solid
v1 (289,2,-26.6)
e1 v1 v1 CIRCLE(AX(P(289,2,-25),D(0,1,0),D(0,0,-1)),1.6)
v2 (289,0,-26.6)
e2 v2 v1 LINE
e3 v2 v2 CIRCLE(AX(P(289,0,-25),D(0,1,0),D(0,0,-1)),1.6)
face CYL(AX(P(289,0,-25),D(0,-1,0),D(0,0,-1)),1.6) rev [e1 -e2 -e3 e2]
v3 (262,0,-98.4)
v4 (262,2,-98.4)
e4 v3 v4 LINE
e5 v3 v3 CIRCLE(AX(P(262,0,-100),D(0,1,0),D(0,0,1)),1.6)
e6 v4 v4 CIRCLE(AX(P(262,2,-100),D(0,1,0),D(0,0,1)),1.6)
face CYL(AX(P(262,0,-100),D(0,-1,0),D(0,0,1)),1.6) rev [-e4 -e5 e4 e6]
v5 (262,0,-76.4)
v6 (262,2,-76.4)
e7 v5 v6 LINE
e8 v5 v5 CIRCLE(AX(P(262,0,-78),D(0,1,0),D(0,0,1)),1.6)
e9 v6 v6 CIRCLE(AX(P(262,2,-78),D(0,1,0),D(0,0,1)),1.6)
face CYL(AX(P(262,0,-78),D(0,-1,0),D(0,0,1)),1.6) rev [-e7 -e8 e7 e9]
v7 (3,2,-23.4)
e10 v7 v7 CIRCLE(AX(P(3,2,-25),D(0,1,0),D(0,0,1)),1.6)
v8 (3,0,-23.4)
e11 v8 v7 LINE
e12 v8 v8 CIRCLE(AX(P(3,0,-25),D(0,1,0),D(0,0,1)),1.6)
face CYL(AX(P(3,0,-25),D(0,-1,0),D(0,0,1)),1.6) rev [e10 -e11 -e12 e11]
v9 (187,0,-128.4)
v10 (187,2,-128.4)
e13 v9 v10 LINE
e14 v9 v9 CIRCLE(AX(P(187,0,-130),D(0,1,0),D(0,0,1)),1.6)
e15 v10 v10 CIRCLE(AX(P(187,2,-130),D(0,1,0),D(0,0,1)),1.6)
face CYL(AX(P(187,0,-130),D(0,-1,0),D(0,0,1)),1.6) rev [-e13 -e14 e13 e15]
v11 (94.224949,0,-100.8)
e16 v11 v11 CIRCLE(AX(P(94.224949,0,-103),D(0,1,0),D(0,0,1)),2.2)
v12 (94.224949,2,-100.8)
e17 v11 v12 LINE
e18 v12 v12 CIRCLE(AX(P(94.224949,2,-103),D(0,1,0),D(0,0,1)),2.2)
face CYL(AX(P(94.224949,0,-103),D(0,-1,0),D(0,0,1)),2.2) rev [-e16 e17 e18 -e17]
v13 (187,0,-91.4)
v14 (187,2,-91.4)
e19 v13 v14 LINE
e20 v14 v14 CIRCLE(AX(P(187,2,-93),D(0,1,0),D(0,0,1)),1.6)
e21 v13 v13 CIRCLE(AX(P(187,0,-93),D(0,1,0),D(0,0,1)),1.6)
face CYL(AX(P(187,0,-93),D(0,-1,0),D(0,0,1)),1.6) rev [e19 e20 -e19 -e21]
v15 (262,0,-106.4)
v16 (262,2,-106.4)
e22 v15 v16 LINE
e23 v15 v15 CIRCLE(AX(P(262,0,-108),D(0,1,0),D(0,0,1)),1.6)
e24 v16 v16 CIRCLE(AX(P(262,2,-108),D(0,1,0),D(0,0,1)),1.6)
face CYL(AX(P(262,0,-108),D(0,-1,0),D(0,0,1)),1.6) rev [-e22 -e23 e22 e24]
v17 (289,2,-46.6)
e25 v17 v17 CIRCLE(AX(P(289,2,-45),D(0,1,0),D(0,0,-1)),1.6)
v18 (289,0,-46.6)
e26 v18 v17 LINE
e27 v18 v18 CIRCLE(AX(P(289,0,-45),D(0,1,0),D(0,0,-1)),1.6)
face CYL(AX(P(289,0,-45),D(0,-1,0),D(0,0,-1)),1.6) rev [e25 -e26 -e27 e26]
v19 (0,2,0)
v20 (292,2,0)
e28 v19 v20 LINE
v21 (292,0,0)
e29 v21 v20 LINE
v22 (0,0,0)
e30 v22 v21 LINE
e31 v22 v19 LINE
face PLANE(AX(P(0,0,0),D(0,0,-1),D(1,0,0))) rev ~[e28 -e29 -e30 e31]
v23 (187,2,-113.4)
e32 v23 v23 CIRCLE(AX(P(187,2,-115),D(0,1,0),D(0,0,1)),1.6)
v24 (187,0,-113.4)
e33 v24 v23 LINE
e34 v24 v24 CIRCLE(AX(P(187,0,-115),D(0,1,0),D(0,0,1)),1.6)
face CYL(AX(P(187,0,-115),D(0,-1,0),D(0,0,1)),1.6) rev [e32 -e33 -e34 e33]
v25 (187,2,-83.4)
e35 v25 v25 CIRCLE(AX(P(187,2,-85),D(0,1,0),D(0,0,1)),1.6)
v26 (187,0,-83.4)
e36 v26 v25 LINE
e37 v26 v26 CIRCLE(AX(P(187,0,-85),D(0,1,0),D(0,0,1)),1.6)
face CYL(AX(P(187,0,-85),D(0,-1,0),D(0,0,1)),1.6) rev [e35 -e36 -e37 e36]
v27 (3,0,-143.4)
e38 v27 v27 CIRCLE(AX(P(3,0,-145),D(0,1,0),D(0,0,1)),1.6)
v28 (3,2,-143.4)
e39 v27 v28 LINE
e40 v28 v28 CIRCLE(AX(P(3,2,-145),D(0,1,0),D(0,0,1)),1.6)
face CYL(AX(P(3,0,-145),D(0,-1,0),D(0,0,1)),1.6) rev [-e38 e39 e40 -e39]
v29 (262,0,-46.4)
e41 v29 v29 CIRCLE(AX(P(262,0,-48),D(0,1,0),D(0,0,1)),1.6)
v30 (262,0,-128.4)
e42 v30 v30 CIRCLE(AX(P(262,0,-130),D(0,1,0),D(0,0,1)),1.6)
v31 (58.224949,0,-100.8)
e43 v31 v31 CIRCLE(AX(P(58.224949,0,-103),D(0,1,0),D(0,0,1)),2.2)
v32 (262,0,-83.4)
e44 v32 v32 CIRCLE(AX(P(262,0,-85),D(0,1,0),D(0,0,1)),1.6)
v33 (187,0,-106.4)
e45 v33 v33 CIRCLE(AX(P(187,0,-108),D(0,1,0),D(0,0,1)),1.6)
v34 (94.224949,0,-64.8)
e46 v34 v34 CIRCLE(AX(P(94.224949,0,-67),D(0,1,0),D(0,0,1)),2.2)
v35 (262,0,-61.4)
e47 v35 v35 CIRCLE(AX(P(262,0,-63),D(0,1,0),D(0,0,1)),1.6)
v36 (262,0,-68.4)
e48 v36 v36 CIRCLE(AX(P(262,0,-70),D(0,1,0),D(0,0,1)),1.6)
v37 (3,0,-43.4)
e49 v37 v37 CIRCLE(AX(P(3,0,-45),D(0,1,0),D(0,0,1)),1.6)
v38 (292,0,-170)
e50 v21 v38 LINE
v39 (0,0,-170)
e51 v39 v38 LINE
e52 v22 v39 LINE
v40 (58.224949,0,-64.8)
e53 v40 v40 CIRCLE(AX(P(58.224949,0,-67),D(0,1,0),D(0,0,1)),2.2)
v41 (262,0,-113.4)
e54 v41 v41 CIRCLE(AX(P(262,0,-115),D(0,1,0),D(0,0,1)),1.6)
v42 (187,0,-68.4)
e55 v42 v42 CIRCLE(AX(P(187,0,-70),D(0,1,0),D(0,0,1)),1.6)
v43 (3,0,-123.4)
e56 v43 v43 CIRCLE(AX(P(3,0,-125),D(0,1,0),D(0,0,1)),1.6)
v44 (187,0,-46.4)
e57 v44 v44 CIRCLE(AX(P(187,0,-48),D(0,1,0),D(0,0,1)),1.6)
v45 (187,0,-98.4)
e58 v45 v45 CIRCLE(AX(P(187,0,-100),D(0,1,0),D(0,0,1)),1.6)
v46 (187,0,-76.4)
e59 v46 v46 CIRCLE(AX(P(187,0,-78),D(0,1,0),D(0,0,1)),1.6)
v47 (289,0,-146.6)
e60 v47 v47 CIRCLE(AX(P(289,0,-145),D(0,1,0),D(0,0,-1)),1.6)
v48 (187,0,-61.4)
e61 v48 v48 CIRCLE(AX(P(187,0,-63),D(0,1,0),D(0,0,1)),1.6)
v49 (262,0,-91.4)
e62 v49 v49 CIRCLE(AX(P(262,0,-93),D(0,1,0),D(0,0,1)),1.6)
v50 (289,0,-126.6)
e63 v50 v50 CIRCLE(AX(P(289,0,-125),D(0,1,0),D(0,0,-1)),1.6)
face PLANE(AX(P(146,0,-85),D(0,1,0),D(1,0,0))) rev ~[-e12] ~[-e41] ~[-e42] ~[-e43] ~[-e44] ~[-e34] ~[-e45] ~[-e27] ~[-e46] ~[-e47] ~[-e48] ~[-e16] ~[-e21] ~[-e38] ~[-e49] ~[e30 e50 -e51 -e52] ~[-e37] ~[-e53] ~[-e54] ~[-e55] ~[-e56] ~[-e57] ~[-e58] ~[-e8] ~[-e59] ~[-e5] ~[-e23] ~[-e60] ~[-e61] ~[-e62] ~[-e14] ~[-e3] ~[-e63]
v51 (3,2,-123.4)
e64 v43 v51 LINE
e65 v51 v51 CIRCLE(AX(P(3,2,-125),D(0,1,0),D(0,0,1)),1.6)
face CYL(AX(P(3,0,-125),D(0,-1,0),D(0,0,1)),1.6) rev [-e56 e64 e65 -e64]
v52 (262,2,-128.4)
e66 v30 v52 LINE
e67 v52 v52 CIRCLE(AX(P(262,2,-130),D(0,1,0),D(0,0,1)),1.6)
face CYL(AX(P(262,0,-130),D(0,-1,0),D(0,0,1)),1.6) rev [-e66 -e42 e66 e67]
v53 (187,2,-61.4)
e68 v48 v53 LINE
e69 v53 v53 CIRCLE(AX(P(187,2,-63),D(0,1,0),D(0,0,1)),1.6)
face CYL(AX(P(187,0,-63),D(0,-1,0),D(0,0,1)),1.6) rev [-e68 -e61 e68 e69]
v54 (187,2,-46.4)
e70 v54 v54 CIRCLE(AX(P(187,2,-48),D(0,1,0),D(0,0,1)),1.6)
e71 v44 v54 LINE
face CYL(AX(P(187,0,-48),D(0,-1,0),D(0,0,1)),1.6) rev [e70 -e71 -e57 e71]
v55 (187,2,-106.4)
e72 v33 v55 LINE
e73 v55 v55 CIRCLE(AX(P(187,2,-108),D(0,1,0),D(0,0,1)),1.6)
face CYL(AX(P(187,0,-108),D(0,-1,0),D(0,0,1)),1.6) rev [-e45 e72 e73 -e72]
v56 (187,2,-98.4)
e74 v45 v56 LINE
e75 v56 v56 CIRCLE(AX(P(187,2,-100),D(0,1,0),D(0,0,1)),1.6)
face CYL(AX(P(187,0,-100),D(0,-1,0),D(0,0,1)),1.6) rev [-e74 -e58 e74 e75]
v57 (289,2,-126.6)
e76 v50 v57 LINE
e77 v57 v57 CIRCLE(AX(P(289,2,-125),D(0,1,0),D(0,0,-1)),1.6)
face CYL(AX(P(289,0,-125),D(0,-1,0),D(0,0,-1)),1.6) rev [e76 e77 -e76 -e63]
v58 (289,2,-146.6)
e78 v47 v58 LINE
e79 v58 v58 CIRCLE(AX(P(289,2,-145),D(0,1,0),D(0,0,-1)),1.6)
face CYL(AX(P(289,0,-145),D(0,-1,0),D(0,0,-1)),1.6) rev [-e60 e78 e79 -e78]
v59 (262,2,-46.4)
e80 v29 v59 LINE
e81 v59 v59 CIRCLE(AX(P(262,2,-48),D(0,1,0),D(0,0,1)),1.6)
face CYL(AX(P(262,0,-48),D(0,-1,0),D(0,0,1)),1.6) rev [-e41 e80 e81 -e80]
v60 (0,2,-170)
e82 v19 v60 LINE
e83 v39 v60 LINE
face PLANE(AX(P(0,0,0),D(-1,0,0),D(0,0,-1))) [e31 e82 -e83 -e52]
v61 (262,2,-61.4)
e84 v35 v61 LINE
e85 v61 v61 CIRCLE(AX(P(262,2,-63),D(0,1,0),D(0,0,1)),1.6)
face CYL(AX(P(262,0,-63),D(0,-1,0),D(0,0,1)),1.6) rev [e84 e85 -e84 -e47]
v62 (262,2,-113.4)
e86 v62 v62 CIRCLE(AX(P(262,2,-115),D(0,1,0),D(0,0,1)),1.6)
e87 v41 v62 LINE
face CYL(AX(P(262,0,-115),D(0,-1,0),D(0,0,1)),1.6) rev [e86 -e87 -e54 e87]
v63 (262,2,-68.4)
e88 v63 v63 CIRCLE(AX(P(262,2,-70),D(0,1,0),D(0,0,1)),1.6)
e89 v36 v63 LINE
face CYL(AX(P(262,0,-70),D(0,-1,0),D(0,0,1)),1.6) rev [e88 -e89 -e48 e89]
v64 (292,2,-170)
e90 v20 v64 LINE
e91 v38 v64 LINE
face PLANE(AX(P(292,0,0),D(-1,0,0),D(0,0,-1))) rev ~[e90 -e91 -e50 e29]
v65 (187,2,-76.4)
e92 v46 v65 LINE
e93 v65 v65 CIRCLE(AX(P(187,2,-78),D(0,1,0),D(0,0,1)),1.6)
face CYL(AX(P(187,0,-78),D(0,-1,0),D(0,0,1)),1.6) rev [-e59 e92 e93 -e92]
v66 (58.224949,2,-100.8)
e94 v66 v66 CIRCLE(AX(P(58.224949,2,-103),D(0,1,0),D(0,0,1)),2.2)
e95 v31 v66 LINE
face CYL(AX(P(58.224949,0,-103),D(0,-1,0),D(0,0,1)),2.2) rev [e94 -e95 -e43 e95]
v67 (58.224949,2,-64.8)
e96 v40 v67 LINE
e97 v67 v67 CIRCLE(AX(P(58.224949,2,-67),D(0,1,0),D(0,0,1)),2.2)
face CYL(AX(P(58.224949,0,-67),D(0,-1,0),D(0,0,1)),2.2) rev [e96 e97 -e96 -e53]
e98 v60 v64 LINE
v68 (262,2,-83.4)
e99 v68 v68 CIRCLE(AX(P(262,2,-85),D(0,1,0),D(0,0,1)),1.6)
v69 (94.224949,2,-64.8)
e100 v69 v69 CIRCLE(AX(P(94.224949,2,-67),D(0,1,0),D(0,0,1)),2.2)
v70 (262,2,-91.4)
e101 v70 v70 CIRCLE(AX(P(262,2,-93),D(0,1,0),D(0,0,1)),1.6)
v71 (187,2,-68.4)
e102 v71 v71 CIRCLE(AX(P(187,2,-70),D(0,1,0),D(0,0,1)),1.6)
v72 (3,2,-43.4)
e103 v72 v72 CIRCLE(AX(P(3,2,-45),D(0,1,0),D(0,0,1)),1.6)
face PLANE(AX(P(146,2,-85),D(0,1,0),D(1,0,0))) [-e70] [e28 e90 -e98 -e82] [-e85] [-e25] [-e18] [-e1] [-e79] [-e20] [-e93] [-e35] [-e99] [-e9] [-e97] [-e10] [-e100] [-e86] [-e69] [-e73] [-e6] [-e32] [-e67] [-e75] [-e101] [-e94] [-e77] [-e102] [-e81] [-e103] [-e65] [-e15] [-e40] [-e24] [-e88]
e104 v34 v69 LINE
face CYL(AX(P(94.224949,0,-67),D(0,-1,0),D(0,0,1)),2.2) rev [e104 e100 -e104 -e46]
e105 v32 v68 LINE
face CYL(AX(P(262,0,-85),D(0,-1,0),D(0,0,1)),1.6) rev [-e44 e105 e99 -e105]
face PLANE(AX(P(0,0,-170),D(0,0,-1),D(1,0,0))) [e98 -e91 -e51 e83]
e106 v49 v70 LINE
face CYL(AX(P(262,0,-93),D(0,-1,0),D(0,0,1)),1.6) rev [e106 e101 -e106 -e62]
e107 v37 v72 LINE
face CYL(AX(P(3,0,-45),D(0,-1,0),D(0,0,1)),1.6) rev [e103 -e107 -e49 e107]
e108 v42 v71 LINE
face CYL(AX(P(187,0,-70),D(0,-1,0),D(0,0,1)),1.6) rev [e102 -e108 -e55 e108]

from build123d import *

# Parameters (mm, degrees)
SKETCH_1_W      = 292
SKETCH_1_H      = 170
SKETCH_1_R      = 1.6
SKETCH_1_R_2    = 2.2
EXTRUDE_1_DEPTH = 2


with BuildPart() as part:
    # 草图1 → 凸台-拉伸1 (new body)
    with BuildSketch(Plane(origin=(0, 0, 0), x_dir=(1, 0, 0), z_dir=(0, 1, 0))):
        with Locations((146, 85)):
            Rectangle(SKETCH_1_W, SKETCH_1_H)
        with Locations(Location((3, 145, 0), (0, 0, 270))):
            Circle(SKETCH_1_R, mode=Mode.SUBTRACT)
        with Locations(Location((3, 125, 0), (0, 0, 270))):
            Circle(SKETCH_1_R, mode=Mode.SUBTRACT)
        with Locations(Location((3, 45, 0), (0, 0, 270))):
            Circle(SKETCH_1_R, mode=Mode.SUBTRACT)
        with Locations(Location((3, 25, 0), (0, 0, 270))):
            Circle(SKETCH_1_R, mode=Mode.SUBTRACT)
        with Locations(Location((289, 25, 0), (0, 0, 90))):
            Circle(SKETCH_1_R, mode=Mode.SUBTRACT)
        with Locations(Location((289, 45, 0), (0, 0, 90))):
            Circle(SKETCH_1_R, mode=Mode.SUBTRACT)
        with Locations(Location((289, 125, 0), (0, 0, 90))):
            Circle(SKETCH_1_R, mode=Mode.SUBTRACT)
        with Locations(Location((289, 145, 0), (0, 0, 90))):
            Circle(SKETCH_1_R, mode=Mode.SUBTRACT)
        with Locations(Location((187, 130, 0), (0, 0, 270))):
            Circle(SKETCH_1_R, mode=Mode.SUBTRACT)
        with Locations(Location((262, 130, 0), (0, 0, 270))):
            Circle(SKETCH_1_R, mode=Mode.SUBTRACT)
        with Locations(Location((262, 108, 0), (0, 0, 270))):
            Circle(SKETCH_1_R, mode=Mode.SUBTRACT)
        with Locations(Location((187, 108, 0), (0, 0, 270))):
            Circle(SKETCH_1_R, mode=Mode.SUBTRACT)
        with Locations(Location((187, 115, 0), (0, 0, 270))):
            Circle(SKETCH_1_R, mode=Mode.SUBTRACT)
        with Locations(Location((262, 115, 0), (0, 0, 270))):
            Circle(SKETCH_1_R, mode=Mode.SUBTRACT)
        with Locations(Location((187, 93, 0), (0, 0, 270))):
            Circle(SKETCH_1_R, mode=Mode.SUBTRACT)
        with Locations(Location((262, 93, 0), (0, 0, 270))):
            Circle(SKETCH_1_R, mode=Mode.SUBTRACT)
        with Locations(Location((187, 100, 0), (0, 0, 270))):
            Circle(SKETCH_1_R, mode=Mode.SUBTRACT)
        with Locations(Location((262, 100, 0), (0, 0, 270))):
            Circle(SKETCH_1_R, mode=Mode.SUBTRACT)
        with Locations(Location((187, 78, 0), (0, 0, 270))):
            Circle(SKETCH_1_R, mode=Mode.SUBTRACT)
        with Locations(Location((262, 78, 0), (0, 0, 270))):
            Circle(SKETCH_1_R, mode=Mode.SUBTRACT)
        with Locations(Location((187, 85, 0), (0, 0, 270))):
            Circle(SKETCH_1_R, mode=Mode.SUBTRACT)
        with Locations(Location((262, 85, 0), (0, 0, 270))):
            Circle(SKETCH_1_R, mode=Mode.SUBTRACT)
        with Locations(Location((187, 63, 0), (0, 0, 270))):
            Circle(SKETCH_1_R, mode=Mode.SUBTRACT)
        with Locations(Location((262, 63, 0), (0, 0, 270))):
            Circle(SKETCH_1_R, mode=Mode.SUBTRACT)
        with Locations(Location((187, 70, 0), (0, 0, 270))):
            Circle(SKETCH_1_R, mode=Mode.SUBTRACT)
        with Locations(Location((262, 70, 0), (0, 0, 270))):
            Circle(SKETCH_1_R, mode=Mode.SUBTRACT)
        with Locations(Location((187, 48, 0), (0, 0, 270))):
            Circle(SKETCH_1_R, mode=Mode.SUBTRACT)
        with Locations(Location((262, 48, 0), (0, 0, 270))):
            Circle(SKETCH_1_R, mode=Mode.SUBTRACT)
        with Locations(Location((58.224948847, 103, 0), (0, 0, 270))):
            Circle(SKETCH_1_R_2, mode=Mode.SUBTRACT)
        with Locations(Location((94.224948847, 103, 0), (0, 0, 270))):
            Circle(SKETCH_1_R_2, mode=Mode.SUBTRACT)
        with Locations(Location((94.224948847, 67, 0), (0, 0, 270))):
            Circle(SKETCH_1_R_2, mode=Mode.SUBTRACT)
        with Locations(Location((58.224948847, 67, 0), (0, 0, 270))):
            Circle(SKETCH_1_R_2, mode=Mode.SUBTRACT)
    extrude(amount=EXTRUDE_1_DEPTH)


solid = part.part
